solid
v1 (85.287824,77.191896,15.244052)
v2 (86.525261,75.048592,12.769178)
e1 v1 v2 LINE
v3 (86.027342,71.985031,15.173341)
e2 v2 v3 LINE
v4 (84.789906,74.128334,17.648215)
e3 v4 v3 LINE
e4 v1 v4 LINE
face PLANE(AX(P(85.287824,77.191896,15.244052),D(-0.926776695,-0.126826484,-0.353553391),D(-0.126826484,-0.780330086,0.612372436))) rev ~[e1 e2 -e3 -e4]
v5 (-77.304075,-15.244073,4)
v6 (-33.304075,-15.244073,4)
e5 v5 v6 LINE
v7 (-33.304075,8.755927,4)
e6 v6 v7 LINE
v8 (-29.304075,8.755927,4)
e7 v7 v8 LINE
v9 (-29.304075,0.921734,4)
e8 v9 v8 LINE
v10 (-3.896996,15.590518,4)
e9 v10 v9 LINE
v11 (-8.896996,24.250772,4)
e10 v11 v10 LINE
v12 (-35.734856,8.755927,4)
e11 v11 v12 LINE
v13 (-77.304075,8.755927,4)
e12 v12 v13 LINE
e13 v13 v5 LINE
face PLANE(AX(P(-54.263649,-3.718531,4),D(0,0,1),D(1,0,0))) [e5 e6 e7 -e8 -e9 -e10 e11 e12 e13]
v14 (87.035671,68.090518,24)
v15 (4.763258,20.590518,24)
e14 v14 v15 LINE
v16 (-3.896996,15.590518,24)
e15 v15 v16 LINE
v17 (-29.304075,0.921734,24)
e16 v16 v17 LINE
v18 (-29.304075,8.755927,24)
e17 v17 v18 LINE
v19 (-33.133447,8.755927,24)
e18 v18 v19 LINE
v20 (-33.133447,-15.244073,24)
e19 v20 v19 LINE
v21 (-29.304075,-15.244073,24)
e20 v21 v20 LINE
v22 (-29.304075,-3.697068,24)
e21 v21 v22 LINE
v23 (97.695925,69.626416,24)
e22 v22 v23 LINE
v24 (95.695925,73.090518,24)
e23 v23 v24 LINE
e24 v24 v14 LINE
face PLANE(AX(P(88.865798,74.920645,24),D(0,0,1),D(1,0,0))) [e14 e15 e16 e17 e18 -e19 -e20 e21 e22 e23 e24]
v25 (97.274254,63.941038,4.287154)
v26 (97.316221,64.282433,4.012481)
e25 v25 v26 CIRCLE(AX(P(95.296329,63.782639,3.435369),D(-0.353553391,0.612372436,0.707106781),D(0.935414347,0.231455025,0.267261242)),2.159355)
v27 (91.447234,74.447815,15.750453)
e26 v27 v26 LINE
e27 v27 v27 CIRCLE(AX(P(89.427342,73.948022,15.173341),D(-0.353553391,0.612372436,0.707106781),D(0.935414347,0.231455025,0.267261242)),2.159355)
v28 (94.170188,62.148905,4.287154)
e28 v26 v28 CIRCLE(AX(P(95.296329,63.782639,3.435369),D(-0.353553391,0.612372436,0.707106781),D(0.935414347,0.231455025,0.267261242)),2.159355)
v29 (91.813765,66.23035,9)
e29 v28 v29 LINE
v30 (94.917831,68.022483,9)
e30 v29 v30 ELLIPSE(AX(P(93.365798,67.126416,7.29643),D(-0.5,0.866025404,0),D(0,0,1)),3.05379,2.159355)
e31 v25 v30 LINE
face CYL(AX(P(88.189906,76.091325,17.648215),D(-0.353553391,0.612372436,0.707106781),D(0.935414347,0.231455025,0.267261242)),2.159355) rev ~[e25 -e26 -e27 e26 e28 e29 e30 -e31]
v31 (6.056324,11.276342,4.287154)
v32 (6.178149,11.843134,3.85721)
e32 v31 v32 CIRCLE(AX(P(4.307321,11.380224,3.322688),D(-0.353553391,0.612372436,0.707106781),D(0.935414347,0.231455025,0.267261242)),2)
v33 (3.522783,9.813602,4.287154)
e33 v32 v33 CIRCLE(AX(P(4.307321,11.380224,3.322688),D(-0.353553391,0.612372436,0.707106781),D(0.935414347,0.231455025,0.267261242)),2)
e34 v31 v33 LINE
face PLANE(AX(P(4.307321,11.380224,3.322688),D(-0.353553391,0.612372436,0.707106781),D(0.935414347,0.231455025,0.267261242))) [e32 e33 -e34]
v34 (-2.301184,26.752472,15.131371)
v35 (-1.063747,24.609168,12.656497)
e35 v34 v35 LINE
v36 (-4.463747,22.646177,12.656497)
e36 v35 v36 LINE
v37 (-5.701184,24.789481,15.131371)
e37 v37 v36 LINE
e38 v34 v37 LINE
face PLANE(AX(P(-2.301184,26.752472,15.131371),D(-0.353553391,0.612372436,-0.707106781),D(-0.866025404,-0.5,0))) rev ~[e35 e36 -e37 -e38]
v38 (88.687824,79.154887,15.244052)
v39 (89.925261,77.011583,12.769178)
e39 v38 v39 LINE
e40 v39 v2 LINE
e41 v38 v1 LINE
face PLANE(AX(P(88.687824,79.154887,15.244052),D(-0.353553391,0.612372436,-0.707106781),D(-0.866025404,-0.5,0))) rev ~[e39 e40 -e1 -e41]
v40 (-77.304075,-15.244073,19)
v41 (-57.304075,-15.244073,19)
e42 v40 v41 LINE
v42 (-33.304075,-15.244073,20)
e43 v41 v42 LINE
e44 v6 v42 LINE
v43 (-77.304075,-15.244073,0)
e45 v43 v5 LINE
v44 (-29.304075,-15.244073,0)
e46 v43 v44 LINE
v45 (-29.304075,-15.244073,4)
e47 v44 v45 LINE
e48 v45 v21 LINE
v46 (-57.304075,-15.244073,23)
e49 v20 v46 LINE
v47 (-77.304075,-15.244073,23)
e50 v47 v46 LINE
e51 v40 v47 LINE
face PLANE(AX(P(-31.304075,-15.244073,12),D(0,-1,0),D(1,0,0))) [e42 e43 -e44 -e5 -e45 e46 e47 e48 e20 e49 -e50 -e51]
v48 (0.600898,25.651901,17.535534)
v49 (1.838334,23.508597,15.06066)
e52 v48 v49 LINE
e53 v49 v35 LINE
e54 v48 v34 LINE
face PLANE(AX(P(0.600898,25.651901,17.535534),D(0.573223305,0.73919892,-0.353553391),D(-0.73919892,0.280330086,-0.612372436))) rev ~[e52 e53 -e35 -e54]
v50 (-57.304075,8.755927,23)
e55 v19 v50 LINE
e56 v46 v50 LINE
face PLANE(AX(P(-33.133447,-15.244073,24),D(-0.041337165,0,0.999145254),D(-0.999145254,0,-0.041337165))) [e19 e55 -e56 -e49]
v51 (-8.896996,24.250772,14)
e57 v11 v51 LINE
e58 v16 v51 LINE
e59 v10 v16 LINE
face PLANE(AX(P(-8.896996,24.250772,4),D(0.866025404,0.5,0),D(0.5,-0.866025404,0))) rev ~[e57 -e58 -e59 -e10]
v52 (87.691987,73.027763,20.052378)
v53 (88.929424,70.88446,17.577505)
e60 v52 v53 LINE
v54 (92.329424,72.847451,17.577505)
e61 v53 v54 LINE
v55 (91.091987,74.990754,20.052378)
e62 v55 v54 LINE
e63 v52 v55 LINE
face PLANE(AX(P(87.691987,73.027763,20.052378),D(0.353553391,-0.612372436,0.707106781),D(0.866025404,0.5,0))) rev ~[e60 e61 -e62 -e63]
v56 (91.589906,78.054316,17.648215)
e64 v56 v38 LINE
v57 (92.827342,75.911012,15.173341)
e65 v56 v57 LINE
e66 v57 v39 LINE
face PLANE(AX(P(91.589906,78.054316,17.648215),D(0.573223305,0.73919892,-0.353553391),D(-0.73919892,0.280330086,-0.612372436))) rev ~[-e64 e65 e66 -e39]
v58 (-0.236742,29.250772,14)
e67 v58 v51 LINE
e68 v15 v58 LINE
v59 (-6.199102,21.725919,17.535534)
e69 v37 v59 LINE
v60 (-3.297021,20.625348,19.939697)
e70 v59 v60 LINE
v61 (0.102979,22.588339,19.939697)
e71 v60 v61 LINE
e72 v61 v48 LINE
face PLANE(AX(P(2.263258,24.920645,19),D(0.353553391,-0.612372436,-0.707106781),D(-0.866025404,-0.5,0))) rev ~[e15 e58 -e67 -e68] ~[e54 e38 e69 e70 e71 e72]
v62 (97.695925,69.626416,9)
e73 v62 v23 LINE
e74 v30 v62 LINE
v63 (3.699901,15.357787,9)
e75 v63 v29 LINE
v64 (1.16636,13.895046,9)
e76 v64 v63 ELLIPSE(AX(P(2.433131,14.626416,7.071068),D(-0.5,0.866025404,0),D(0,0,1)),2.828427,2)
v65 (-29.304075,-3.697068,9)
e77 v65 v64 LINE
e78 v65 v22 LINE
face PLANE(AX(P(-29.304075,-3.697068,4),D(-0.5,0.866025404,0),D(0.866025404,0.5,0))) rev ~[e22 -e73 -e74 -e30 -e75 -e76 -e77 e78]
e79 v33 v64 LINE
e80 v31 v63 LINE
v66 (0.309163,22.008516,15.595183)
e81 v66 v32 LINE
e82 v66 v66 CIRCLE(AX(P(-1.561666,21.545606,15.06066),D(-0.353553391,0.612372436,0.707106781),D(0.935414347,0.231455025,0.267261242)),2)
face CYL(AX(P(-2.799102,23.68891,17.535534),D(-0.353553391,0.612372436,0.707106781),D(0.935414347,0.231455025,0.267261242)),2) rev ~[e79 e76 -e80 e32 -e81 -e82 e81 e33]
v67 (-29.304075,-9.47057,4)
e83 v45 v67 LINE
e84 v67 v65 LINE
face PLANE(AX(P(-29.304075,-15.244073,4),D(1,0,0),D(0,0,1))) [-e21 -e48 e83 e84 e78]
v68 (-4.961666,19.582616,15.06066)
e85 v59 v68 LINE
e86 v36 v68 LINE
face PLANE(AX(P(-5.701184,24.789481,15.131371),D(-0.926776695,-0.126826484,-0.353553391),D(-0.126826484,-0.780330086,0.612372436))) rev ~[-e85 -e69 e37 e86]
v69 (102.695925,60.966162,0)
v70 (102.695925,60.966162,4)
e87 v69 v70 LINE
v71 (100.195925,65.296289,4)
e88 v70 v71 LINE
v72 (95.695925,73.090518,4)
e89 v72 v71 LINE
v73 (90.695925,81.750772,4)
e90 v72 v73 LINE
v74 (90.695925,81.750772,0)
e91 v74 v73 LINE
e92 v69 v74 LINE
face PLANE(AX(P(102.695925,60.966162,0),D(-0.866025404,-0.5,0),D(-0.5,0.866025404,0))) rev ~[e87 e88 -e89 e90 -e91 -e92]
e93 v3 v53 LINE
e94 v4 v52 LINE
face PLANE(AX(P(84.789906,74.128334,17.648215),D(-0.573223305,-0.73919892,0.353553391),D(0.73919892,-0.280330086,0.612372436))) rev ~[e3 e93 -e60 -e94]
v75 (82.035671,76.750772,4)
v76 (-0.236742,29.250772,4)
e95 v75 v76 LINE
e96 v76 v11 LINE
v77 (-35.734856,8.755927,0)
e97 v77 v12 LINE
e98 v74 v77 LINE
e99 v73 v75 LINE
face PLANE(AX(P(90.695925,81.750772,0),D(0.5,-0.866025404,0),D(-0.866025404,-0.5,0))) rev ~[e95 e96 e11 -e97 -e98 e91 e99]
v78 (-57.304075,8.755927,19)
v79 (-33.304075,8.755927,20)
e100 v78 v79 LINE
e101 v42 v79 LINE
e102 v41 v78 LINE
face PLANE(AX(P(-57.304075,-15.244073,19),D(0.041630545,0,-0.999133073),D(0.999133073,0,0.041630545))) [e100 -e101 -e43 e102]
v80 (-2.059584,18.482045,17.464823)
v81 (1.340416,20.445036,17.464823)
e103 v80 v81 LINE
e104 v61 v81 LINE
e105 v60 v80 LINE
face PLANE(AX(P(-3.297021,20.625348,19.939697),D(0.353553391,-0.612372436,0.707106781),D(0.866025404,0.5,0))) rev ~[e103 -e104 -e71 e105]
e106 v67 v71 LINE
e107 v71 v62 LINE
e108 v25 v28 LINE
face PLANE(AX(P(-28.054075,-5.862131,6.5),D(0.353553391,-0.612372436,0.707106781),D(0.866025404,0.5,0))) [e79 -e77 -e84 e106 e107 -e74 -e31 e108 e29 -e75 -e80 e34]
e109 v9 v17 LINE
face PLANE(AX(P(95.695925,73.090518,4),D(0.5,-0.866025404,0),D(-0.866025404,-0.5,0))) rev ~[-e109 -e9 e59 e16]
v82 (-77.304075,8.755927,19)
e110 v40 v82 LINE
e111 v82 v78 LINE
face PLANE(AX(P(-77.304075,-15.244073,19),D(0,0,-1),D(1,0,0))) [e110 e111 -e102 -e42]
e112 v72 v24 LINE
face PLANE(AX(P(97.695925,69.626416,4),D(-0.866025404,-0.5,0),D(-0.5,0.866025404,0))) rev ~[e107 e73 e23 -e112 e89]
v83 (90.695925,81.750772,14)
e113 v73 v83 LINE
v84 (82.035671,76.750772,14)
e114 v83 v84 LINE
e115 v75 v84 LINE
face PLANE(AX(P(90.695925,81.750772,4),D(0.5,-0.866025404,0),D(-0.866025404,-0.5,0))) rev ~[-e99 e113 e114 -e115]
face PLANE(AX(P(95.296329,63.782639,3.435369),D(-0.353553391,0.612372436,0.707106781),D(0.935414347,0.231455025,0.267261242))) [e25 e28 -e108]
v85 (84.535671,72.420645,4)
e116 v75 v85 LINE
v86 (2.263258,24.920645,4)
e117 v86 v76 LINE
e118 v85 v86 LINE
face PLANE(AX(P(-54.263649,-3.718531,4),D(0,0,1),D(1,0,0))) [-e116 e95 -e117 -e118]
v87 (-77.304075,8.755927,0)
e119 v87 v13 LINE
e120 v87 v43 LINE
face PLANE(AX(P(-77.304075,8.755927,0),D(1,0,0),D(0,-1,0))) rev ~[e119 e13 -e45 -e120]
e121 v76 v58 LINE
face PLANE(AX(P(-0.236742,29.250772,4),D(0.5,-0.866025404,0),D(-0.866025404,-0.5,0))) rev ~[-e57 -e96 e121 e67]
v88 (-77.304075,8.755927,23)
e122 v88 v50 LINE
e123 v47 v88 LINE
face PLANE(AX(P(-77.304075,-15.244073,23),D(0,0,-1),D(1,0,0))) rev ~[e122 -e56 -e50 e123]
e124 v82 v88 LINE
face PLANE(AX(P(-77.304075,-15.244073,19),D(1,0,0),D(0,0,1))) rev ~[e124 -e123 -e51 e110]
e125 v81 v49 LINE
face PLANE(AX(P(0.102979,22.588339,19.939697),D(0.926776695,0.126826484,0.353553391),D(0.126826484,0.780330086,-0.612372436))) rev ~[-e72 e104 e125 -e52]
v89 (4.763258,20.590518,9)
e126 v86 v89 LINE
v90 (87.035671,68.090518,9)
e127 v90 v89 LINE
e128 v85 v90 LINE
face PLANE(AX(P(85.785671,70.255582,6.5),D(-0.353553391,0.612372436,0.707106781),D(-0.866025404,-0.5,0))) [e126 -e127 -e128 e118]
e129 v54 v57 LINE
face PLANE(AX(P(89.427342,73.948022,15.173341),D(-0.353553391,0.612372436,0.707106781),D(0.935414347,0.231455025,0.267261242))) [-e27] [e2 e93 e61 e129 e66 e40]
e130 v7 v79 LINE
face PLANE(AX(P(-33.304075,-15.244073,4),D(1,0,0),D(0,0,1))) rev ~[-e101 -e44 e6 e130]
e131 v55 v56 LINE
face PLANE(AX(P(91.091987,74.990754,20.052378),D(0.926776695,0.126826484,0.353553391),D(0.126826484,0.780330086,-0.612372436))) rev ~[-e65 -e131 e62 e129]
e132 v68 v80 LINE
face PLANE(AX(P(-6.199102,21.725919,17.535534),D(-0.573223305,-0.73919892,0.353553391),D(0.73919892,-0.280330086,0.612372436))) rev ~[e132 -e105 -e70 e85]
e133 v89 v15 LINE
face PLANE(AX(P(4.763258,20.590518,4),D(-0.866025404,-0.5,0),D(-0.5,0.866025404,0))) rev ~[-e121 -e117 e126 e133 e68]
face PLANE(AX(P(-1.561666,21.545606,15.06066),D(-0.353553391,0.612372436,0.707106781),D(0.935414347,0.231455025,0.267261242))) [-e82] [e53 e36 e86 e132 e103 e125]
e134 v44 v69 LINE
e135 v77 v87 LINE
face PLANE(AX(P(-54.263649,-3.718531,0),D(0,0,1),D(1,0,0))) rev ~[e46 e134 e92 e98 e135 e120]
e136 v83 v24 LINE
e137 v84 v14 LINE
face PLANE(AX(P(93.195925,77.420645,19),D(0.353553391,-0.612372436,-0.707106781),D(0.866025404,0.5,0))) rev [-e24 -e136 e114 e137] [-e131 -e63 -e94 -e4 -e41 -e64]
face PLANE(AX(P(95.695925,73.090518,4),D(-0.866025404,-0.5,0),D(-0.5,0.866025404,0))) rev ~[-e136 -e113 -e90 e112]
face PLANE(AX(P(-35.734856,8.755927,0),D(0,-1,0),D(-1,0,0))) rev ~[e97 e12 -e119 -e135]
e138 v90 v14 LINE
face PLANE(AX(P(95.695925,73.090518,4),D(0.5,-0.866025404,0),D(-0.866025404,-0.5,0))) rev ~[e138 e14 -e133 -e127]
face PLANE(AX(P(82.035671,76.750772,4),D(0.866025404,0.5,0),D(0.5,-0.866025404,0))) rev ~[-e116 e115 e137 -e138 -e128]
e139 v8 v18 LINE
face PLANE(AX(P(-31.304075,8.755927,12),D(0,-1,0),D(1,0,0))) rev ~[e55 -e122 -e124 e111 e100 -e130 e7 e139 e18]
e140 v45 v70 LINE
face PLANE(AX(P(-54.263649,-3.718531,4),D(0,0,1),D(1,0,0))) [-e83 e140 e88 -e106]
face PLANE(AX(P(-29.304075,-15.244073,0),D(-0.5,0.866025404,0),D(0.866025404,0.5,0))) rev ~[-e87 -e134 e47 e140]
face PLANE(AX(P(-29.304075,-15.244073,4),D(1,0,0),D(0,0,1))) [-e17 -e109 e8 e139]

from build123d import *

# Parameters (mm, degrees)
F1_DEPTH  = 4
F2_W      = 4
F2_H      = 16
F2_W_2    = 20
F2_H_2    = 4
F3_DEPTH  = 24
F5_DEPTH  = 20
F7_DEPTH  = 20
F8_SIZE   = 10
F9_SIZE   = 5
F10_R     = 2
F10_R_2   = 2.1593554105
F11_DEPTH = 20.1
F13_DEPTH = 3.5
F15_DEPTH = 3.5


with BuildPart() as f1:
    # F0 (on Top) → F1 (new body)
    with BuildSketch(Plane.XY):
        Polygon((-35.7348556412, 8.7559268959), (-77.3040750229, 8.7559268959), (-77.3040750229, -15.2440731041), (-29.3040750229, -15.2440731041), (-29.3040750229, -2.3825118674), align=None)
        Polygon((90.6959249771, 81.7507721197), (-35.7348556412, 8.7559268959), (-29.3040750229, 8.7559268959), (-29.3040750229, -2.3825118674), (-23.7348556412, -12.0286827949), (102.6959249771, 60.9661624289), align=None)
        Polygon((-29.3040750229, 8.7559268959), (-35.7348556412, 8.7559268959), (-29.3040750229, -2.3825118674), align=None)
        Polygon((-23.7348556412, -12.0286827949), (-29.3040750229, -2.3825118674), (-29.3040750229, -15.2440731041), align=None)
    extrude(amount=F1_DEPTH)

    # F2 (on face) → F3 (join)
    with BuildSketch(Plane.XZ.offset(15.2440731041)):
        with Locations((-31.3040750229, 12)):
            Rectangle(F2_W, F2_H)
        Polygon((-33.3040750229, 20), (-29.3040750229, 20), (-29.3040750229, 24), (-33.1334466886, 24), (-57.3040750229, 23), (-57.3040750229, 19), align=None)
        with Locations((-67.3040750229, 21)):
            Rectangle(F2_W_2, F2_H_2)
    extrude(amount=-F3_DEPTH)

    # F4 (on face) → F5 (join)
    with BuildSketch(Plane.XY.offset(4)):
        Polygon((-29.3040750229, -3.6970677203), (97.6959249771, 69.6264164668), (95.6959249771, 73.0905180819), (-29.3040750229, 0.9217344332), align=None)
    extrude(amount=F5_DEPTH)

    # F6 (on face) → F7 (join)
    with BuildSketch(Plane.XY.offset(4)):
        Polygon((87.0356709393, 68.0905180819), (95.6959249771, 73.0905180819), (90.6959249771, 81.7507721197), (82.0356709393, 76.7507721197), align=None)
        Polygon((4.7632575798, 20.5905180819), (-0.2367424202, 29.2507721197), (-8.8969964581, 24.2507721197), (-3.8969964581, 15.5905180819), align=None)
    extrude(amount=F7_DEPTH)

    # F8
    f8_edges = [f1.edges().sort_by_distance(p)[0] for p in [
        (86.365798, 79.250772, 24),
        (-4.566869, 26.750772, 24),
    ]]
    chamfer(f8_edges, length=F8_SIZE)

    # F9
    f9_edges = [f1.edges().sort_by_distance(p)[0] for p in [
        (34.195925, 32.964674, 4),
        (45.899464, 44.340518, 4),
    ]]
    chamfer(f9_edges, length=F9_SIZE)

    # F10 (on face) → F11 (cut)
    with BuildSketch(Plane(origin=(-9.8625707365, 17.0824736089, 19.7251414731), x_dir=(0.9354143467, 0.2314550249, 0.2672612419), z_dir=(-0.3535533906, 0.6123724357, 0.7071067812))):
        with Locations((7.5511651872, 6.4274310849)):
            Circle(F10_R)
        with Locations((104.822506347, 45.9661663088)):
            Circle(F10_R_2)
    extrude(amount=-F11_DEPTH, mode=Mode.SUBTRACT)

    # F12 (on face) → F13 (cut)
    with BuildSketch(Plane(origin=(-9.8625707365, 17.0824736089, 19.7251414731), x_dir=(0.9354143467, 0.2314550249, 0.2672612419), z_dir=(-0.3535533906, 0.6123724357, 0.7071067812))):
        Polygon((101.187753457, 44.4822846552), (104.2902091103, 42.0764371428), (107.9249620003, 43.5603187964), (108.457259237, 47.4500479624), (105.3548035838, 49.8558954748), (101.7200506938, 48.3720138212), align=None)
    extrude(amount=-F13_DEPTH, mode=Mode.SUBTRACT)

    # F14 (on face) → F15 (cut)
    with BuildSketch(Plane(origin=(-9.8625707365, 17.0824736089, 19.7251414731), x_dir=(0.9354143467, 0.2314550249, 0.2672612419), z_dir=(-0.3535533906, 0.6123724357, 0.7071067812))):
        Polygon((3.9164122972, 4.9435494313), (7.0188679504, 2.5377019189), (10.6536208404, 4.0215835725), (11.1859180772, 7.9113127385), (8.0834624239, 10.3171602509), (4.4487095339, 8.8332785973), align=None)
    extrude(amount=-F15_DEPTH, mode=Mode.SUBTRACT)


solid = f1.part
